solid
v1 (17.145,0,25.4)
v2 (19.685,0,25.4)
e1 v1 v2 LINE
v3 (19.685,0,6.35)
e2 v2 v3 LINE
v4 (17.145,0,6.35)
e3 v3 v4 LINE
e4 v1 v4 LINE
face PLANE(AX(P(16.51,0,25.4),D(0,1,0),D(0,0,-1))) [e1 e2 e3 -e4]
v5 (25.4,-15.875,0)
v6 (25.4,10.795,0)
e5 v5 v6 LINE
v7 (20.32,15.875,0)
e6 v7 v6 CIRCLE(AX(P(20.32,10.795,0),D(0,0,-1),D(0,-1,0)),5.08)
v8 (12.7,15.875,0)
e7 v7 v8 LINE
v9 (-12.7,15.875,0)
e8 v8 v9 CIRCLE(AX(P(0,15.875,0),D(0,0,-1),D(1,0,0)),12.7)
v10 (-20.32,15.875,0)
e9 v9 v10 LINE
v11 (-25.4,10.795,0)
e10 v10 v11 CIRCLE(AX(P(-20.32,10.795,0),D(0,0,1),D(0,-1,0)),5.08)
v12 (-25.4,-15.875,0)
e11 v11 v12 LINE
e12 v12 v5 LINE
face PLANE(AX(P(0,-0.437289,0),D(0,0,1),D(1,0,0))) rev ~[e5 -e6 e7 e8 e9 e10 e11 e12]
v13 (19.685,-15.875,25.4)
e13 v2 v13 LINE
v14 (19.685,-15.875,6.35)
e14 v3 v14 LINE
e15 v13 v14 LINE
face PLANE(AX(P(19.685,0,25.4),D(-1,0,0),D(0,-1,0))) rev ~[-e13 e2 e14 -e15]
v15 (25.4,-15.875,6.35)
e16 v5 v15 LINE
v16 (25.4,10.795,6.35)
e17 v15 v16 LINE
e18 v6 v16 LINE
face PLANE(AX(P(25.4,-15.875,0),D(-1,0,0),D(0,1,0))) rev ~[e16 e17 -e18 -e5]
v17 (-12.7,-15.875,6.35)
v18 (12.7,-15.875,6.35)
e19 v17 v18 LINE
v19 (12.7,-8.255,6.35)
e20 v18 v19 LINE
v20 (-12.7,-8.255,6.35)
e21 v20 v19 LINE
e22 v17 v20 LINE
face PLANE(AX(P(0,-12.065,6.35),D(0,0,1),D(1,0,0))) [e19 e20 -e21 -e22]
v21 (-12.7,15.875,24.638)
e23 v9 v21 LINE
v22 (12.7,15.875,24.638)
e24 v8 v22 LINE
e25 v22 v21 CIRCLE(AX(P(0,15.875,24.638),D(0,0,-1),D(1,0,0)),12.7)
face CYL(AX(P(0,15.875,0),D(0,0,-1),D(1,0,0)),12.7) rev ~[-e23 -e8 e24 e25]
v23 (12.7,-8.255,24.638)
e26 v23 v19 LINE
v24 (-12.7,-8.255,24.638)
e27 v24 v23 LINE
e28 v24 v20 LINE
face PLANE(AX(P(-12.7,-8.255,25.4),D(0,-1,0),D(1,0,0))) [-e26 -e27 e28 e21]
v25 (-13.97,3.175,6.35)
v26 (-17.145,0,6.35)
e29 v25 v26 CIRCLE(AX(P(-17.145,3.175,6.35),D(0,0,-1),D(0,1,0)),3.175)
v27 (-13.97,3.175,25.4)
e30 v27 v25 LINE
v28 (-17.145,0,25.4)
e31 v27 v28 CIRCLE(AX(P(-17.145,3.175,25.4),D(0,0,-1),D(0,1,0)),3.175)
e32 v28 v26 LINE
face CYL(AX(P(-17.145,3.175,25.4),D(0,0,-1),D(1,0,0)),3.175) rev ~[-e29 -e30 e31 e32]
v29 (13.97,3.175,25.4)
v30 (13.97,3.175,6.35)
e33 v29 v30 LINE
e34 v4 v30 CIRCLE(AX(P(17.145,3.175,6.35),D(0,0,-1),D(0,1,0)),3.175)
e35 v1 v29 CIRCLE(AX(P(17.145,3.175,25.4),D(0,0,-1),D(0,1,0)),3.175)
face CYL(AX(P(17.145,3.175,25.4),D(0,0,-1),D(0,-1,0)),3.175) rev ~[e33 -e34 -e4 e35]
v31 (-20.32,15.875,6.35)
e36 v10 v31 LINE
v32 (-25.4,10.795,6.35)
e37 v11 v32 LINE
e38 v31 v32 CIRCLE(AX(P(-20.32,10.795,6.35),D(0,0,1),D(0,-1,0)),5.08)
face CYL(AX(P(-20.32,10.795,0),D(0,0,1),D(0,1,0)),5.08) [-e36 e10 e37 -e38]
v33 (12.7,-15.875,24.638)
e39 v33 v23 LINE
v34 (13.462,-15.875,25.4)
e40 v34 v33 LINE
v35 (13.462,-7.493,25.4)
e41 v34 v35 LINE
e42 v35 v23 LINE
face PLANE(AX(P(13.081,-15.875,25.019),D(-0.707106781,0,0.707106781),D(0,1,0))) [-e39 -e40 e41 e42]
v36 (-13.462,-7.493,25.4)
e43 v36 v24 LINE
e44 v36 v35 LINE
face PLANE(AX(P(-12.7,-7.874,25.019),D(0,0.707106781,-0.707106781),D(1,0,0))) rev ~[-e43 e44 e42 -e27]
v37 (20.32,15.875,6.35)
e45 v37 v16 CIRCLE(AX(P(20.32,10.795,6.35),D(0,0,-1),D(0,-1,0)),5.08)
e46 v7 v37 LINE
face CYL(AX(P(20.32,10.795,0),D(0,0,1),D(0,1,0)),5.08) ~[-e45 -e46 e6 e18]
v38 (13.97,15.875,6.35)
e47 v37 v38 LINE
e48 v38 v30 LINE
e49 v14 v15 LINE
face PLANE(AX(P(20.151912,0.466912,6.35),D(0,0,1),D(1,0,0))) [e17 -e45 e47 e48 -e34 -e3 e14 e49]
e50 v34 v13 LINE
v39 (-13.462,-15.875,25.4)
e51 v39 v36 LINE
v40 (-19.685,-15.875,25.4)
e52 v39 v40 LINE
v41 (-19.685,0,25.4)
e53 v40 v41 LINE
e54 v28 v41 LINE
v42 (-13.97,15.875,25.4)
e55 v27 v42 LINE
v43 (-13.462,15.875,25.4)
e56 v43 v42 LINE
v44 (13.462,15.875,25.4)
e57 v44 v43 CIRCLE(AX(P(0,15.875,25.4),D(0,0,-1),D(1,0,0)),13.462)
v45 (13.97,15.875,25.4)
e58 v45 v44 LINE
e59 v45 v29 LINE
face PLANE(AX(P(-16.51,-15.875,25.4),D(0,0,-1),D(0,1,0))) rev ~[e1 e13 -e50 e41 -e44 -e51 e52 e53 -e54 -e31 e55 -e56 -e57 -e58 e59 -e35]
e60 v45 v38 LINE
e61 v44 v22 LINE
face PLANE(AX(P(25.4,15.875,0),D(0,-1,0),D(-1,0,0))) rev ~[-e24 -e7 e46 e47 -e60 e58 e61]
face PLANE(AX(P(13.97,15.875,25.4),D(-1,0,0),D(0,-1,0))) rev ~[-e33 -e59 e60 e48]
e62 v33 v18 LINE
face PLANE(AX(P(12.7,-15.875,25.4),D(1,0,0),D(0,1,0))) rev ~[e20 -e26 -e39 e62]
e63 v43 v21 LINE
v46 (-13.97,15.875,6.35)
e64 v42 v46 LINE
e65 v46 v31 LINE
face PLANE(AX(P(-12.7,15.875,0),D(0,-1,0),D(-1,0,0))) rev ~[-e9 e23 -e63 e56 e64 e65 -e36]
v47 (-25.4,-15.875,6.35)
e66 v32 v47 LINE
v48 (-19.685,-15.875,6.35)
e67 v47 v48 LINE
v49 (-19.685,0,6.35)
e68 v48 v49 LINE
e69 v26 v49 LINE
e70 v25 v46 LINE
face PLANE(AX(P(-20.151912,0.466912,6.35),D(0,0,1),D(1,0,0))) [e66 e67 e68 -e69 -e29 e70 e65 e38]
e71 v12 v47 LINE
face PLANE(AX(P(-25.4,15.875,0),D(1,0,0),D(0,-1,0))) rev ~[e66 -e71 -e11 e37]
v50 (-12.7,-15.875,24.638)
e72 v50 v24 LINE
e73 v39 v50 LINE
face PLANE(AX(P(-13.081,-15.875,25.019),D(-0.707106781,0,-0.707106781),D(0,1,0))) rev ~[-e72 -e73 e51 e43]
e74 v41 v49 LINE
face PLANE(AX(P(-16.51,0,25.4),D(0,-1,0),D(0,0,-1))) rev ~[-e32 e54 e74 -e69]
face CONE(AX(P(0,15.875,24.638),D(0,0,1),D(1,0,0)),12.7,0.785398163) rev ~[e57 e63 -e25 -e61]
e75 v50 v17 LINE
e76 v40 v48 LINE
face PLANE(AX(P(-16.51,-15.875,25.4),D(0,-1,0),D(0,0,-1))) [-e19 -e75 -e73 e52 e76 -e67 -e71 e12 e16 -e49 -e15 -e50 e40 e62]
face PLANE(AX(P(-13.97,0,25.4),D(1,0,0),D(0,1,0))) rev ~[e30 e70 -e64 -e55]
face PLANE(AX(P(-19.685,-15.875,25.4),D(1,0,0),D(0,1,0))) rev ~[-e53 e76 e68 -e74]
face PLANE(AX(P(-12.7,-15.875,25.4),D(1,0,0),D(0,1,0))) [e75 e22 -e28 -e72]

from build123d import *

# Parameters (mm, degrees)
F1_DEPTH = 25.4
F2_W     = 25.4
F2_H     = 7.62
F3_DEPTH = 19.05
F5_DEPTH = 19.05
F6_R     = 5.08
F7_DEPTH = 3.175
F8_DEPTH = 3.175
F9_R     = 3.175
F10_SIZE = 0.762


with BuildPart() as f1:
    # F0 (on Top) → F1 (new body)
    with BuildSketch(Plane.XY):
        with BuildLine():
            Line((25.4, 15.875), (12.7, 15.875))
            ThreePointArc((12.7, 15.875), (0, 3.175), (-12.7, 15.875))
            Line((-12.7, 15.875), (-25.4, 15.875))
            Line((-25.4, 15.875), (-25.4, -15.875))
            Line((-25.4, -15.875), (25.4, -15.875))
            Line((25.4, -15.875), (25.4, 15.875))
        make_face()
    extrude(amount=F1_DEPTH)

    # F2 (on face) → F3 (cut)
    with BuildSketch(Plane.XY.offset(25.4)):
        with Locations((0, -12.065)):
            Rectangle(F2_W, F2_H)
    extrude(amount=-F3_DEPTH, mode=Mode.SUBTRACT)

    # F4 (on face) → F5 (cut)
    with BuildSketch(Plane.XY.offset(25.4)):
        Polygon((-25.4, 15.875), (-25.4, -15.875), (-16.51, -15.875), (-16.51, 0), (-13.97, 0), (-13.97, 15.875), align=None)
        Polygon((25.4, 15.875), (13.97, 15.875), (13.97, 0), (16.51, 0), (16.51, -15.875), (25.4, -15.875), align=None)
    extrude(amount=-F5_DEPTH, mode=Mode.SUBTRACT)

    # F6
    f6_edges = [f1.edges().sort_by_distance(p)[0] for p in [
        (25.4, 15.875, 3.175),
        (-25.4, 15.875, 3.175),
    ]]
    fillet(f6_edges, radius=F6_R)

    # F7 (add): a face of the model
    f7_faces = [f1.faces().sort_by_distance(p)[0] for p in [
        (16.51, -7.9375, 15.875),
    ]]
    extrude(f7_faces, amount=F7_DEPTH)

    # F8 (add): a face of the model
    f8_faces = [f1.faces().sort_by_distance(p)[0] for p in [
        (-16.51, -7.9375, 15.875),
    ]]
    extrude(f8_faces, amount=F8_DEPTH)

    # F9
    f9_edges = [f1.edges().sort_by_distance(p)[0] for p in [
        (-13.97, 0, 15.875),
        (13.97, 0, 15.875),
    ]]
    fillet(f9_edges, radius=F9_R)

    # F10
    f10_edges = [f1.edges().sort_by_distance(p)[0] for p in [
        (0, -8.255, 25.4),
        (12.7, -12.065, 25.4),
        (-12.7, -12.065, 25.4),
        (0, 3.175, 25.4),
    ]]
    chamfer(f10_edges, length=F10_SIZE)


solid = f1.part
